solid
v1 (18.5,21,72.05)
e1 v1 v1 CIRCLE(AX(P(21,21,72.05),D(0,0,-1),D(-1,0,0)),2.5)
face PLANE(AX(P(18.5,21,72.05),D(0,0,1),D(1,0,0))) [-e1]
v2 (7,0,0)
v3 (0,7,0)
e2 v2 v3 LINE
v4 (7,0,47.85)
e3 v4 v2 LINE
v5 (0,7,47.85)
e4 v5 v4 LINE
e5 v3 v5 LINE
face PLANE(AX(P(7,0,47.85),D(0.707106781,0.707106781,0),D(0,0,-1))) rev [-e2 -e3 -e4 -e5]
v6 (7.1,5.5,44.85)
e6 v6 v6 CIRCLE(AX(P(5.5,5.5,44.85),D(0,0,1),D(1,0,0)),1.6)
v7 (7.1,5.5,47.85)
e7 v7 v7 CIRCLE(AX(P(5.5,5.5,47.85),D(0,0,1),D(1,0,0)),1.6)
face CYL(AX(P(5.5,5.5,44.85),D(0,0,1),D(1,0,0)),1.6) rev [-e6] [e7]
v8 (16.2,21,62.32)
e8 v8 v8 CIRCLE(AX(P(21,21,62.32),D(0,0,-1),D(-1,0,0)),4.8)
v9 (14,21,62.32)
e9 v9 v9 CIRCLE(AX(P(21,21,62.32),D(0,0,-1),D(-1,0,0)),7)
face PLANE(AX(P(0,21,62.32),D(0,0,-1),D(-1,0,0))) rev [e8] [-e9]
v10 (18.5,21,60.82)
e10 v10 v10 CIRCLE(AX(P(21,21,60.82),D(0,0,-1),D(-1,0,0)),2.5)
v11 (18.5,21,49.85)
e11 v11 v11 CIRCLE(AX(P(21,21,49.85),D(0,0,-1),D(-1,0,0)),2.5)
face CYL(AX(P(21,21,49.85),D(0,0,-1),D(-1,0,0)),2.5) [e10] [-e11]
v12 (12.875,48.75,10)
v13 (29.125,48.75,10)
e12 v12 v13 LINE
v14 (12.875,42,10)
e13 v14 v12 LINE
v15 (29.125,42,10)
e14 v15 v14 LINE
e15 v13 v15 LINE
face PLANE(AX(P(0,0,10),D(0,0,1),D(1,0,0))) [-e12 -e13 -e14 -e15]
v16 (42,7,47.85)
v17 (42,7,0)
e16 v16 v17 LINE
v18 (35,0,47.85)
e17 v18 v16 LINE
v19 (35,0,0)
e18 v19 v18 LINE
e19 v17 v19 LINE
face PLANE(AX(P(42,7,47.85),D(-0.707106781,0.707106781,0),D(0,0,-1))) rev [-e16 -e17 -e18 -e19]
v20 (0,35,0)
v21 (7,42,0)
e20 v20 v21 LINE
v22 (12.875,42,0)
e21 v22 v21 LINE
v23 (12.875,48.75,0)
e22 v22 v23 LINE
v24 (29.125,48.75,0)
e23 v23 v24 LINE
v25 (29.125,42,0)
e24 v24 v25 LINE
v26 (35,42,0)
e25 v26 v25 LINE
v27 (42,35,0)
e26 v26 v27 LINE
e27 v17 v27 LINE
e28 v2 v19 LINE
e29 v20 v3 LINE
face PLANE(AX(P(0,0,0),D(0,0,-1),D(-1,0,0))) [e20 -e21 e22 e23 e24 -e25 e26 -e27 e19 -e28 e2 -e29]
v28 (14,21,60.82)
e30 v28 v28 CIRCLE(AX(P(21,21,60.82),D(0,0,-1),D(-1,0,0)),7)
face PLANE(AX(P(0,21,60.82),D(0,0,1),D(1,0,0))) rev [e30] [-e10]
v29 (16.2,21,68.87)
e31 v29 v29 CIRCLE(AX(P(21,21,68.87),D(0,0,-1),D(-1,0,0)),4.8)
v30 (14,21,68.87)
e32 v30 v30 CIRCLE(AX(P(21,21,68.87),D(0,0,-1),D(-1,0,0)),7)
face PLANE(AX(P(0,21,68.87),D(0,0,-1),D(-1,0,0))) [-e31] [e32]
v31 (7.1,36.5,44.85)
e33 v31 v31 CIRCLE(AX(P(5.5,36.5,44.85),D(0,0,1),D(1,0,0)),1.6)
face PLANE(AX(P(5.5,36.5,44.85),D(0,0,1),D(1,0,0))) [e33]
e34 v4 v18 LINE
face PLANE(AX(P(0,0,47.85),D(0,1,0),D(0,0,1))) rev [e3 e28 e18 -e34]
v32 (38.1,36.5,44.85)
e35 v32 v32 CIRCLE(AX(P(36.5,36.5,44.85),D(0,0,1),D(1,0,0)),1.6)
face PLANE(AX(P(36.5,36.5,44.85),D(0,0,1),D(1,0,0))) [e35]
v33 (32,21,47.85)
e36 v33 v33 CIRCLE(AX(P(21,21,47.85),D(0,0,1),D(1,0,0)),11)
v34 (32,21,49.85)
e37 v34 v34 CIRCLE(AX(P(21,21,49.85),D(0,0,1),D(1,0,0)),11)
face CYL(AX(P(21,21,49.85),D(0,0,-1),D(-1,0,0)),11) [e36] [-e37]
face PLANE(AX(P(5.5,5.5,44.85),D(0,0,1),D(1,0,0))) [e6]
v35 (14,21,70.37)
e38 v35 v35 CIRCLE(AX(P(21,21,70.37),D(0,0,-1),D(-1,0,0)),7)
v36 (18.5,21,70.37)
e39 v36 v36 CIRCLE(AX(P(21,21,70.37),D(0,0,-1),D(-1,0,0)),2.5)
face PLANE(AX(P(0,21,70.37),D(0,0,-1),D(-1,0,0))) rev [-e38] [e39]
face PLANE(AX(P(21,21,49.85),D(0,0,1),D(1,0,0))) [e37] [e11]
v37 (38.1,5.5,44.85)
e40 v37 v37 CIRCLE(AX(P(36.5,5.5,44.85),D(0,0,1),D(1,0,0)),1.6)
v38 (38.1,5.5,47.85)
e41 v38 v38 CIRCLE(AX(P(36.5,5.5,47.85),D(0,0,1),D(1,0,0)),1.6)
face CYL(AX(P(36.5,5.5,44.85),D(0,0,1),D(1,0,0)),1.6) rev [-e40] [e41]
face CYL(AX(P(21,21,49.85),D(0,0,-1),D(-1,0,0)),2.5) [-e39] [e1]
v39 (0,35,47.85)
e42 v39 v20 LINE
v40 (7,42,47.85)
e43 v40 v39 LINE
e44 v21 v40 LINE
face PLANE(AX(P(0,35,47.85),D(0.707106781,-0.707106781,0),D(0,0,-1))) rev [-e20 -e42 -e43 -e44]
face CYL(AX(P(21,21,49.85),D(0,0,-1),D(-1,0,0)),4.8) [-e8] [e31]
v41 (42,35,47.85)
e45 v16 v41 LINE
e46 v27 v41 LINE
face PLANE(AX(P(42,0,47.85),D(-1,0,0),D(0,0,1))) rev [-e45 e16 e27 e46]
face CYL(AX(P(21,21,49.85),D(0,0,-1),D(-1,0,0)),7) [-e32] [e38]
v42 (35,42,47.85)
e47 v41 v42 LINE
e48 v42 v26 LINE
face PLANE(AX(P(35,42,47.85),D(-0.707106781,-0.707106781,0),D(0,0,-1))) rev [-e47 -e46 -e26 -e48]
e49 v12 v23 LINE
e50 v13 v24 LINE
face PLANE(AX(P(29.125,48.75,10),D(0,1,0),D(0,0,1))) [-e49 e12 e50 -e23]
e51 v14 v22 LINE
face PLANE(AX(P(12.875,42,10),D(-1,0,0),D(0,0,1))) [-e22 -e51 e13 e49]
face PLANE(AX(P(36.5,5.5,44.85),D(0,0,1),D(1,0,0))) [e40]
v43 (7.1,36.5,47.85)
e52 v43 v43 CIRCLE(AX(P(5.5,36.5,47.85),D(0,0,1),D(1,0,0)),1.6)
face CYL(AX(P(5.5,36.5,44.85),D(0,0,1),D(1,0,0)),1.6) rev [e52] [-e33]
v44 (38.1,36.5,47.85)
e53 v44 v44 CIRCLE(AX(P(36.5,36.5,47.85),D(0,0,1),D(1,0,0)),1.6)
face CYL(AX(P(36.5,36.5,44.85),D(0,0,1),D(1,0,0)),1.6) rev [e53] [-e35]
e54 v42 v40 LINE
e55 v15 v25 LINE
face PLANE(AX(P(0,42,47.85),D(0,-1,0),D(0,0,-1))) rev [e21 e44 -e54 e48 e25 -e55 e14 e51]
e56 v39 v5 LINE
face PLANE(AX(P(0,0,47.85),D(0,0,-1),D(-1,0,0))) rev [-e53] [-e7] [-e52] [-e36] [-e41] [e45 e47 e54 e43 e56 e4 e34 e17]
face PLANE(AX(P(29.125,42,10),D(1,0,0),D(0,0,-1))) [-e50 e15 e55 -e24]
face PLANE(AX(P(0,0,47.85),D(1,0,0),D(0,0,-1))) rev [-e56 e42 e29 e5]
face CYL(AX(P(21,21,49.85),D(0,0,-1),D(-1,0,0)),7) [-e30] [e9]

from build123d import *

# Parameters (mm, degrees)
SKETCH1_W           = 42
SKETCH1_H           = 42
BOSS_EXTRUDE1_DEPTH = 47.85
CHAMFER1_SIZE       = 7
SKETCH2_R           = 11
BOSS_EXTRUDE2_DEPTH = 2
SKETCH3_W           = 16.25
SKETCH3_H           = 6.75
BOSS_EXTRUDE3_DEPTH = 10
SKETCH4_R           = 1.6
CUT_EXTRUDE1_DEPTH  = 3


with BuildPart() as part:
    # Sketch1 → Boss-Extrude1 (new body)
    with BuildSketch(Plane.XY):
        with Locations((21, 21)):
            Rectangle(SKETCH1_W, SKETCH1_H)
    extrude(amount=BOSS_EXTRUDE1_DEPTH)

    # Chamfer1
    chamfer1_edges = [part.edges().sort_by_distance(p)[0] for p in [
        (0, 42, 23.925),
        (42, 42, 23.925),
        (42, 0, 23.925),
        (0, 0, 23.925),
    ]]
    chamfer(chamfer1_edges, length=CHAMFER1_SIZE)

    # Sketch2 → Boss-Extrude2 (add)
    with BuildSketch(Plane.XY.offset(47.85)):
        with Locations((21, 21)):
            Circle(SKETCH2_R)
    extrude(amount=BOSS_EXTRUDE2_DEPTH)

    # Sketch3 → Boss-Extrude3 (add)
    with BuildSketch(Plane(origin=(0, 0, 0), x_dir=(-1, 0, 0), z_dir=(0, 0, -1))):
        with Locations((-21, 45.375)):
            Rectangle(SKETCH3_W, SKETCH3_H)
    extrude(amount=-BOSS_EXTRUDE3_DEPTH)

    # Sketch4 → Cut-Extrude1 (cut)
    with BuildSketch(Plane.XY.offset(47.85)):
        with Locations((5.5, 36.5)):
            Circle(SKETCH4_R)
        with Locations((36.5, 36.5)):
            Circle(SKETCH4_R)
        with Locations((36.5, 5.5)):
            Circle(SKETCH4_R)
        with Locations((5.5, 5.5)):
            Circle(SKETCH4_R)
    extrude(amount=-CUT_EXTRUDE1_DEPTH, mode=Mode.SUBTRACT)

    # Sketch5 → Revolve1 (revolve)
    with BuildSketch(Plane(origin=(0, 21, 0), x_dir=(-1, 0, 0), z_dir=(0, -1, 0))):
        Polygon((-18.5, -49.85), (-21, -49.85), (-21, -72.05), (-18.5, -72.05), (-18.5, -70.37), (-14, -70.37), (-14, -68.87), (-16.2, -68.87), (-16.2, -62.32), (-14, -62.32), (-14, -60.82), (-18.5, -60.82), align=None)
    revolve(axis=Axis((21, 21, 49.85), (0, 0, 1)))


solid = part.part
